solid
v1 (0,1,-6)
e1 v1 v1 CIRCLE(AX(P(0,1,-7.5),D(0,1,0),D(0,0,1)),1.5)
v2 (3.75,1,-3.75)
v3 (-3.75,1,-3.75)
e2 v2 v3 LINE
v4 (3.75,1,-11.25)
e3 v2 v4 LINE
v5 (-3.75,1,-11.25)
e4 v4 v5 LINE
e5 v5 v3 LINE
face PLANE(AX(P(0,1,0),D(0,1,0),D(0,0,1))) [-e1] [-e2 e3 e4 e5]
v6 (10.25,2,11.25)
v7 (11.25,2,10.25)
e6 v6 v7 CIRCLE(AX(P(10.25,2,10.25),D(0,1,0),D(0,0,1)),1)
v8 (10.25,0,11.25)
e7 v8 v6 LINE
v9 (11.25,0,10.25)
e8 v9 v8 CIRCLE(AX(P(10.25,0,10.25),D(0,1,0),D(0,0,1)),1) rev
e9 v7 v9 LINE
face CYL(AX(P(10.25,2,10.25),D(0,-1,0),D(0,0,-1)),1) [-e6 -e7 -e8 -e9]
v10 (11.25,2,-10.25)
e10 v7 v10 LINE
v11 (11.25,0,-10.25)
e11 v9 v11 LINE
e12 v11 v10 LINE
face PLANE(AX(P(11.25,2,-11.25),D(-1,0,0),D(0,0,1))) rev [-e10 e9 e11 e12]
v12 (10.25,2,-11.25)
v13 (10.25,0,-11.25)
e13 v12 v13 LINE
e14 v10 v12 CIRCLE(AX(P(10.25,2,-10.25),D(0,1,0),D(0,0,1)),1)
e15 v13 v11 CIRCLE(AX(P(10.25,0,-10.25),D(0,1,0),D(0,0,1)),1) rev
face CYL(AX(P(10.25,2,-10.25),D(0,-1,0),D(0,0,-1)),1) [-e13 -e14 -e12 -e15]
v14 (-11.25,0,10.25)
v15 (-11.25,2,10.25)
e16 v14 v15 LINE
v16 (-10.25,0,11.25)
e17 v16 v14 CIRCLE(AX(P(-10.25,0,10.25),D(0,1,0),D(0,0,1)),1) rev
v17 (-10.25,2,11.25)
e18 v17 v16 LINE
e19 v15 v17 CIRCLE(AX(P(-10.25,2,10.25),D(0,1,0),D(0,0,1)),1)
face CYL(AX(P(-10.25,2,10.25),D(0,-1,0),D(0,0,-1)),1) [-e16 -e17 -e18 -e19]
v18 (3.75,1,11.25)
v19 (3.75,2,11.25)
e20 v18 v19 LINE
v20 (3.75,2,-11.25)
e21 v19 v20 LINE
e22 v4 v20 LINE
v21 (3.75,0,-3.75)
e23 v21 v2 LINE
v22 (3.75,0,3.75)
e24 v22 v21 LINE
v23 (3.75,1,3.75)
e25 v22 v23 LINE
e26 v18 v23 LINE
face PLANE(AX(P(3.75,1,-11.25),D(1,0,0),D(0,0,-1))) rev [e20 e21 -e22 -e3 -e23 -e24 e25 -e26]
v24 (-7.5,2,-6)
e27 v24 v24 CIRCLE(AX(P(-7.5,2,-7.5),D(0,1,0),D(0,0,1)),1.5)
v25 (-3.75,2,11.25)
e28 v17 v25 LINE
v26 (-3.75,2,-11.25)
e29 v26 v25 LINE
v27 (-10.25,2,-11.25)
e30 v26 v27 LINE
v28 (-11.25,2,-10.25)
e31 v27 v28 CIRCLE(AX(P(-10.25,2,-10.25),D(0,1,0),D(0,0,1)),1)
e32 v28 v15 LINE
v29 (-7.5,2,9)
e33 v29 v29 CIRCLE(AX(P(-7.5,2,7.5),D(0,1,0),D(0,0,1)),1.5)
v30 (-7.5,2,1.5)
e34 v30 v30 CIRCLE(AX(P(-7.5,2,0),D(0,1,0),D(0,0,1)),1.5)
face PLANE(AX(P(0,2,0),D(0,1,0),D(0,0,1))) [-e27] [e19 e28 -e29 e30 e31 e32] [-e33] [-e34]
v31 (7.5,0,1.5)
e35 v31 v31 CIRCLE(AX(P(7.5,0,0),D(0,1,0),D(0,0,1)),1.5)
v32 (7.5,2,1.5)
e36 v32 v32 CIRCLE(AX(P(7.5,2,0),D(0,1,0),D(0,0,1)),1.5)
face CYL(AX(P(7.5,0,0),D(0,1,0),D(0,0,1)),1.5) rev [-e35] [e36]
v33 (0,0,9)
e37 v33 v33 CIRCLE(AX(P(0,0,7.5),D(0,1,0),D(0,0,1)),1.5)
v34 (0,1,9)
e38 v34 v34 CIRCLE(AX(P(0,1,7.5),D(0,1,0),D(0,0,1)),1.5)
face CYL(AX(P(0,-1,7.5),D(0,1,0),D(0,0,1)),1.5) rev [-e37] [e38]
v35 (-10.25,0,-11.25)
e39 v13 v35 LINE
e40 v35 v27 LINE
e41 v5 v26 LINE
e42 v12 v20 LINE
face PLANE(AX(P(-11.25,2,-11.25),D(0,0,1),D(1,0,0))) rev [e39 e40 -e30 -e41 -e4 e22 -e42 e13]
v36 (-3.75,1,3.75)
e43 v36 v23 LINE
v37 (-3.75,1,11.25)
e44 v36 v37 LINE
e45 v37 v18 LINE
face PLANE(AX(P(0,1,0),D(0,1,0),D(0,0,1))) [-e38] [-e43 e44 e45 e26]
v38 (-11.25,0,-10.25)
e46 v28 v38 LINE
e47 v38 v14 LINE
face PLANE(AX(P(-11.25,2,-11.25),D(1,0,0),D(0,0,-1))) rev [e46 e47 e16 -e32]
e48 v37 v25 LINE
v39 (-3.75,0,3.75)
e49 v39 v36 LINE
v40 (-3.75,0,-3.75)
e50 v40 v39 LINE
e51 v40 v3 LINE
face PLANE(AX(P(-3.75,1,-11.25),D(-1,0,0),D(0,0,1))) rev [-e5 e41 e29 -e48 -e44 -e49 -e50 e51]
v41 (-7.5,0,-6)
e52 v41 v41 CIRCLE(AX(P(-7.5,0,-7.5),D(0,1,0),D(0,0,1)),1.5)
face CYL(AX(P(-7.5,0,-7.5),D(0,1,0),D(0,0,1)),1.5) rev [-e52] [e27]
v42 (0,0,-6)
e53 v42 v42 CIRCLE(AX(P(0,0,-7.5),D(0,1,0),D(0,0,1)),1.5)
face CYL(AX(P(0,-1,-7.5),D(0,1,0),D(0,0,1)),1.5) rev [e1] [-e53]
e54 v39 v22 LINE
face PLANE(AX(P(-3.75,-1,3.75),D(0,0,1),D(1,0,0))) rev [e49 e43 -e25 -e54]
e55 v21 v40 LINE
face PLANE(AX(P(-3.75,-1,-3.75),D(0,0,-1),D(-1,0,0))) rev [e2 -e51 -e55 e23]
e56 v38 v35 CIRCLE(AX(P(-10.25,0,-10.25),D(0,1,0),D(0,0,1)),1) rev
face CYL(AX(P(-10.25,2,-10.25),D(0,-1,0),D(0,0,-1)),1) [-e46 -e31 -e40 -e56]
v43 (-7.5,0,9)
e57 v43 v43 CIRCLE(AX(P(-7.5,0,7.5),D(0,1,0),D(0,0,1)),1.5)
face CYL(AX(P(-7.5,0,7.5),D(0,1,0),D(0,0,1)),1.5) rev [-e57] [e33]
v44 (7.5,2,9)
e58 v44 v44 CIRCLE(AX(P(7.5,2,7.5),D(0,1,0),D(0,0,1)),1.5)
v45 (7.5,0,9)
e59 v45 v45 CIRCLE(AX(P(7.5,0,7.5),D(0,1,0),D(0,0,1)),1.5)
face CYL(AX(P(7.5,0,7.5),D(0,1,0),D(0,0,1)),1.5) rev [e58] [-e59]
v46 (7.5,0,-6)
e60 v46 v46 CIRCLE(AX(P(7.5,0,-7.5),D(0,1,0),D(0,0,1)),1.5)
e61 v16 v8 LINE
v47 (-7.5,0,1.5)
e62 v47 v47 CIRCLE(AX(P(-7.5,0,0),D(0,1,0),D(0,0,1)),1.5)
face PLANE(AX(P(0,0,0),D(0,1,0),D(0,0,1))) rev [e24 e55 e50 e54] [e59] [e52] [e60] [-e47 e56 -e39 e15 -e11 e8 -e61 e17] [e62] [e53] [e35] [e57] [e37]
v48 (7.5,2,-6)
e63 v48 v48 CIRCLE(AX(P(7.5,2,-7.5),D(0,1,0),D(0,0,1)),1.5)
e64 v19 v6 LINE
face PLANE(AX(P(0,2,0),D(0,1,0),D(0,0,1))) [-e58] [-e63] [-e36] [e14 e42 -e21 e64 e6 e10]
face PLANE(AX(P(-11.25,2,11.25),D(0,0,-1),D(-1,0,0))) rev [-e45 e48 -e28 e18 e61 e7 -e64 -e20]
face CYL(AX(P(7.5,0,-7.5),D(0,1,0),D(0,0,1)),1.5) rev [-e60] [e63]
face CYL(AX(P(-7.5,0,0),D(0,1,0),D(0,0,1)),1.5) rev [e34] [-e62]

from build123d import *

# Parameters (mm, degrees)
SKETCH1_W           = 22.5
SKETCH1_H           = 22.5
BOSS_EXTRUDE1_DEPTH = 2
SKETCH2_W           = 7.5
SKETCH2_H           = 22.5
CUT_EXTRUDE1_DEPTH  = 1
SKETCH4_R           = 1.5
CUT_EXTRUDE2_DEPTH  = 2
SKETCH5_W           = 7.5
SKETCH5_H           = 7.5
CUT_EXTRUDE3_DEPTH  = 2
SKETCH6_R           = 1.5
CUT_EXTRUDE4_DEPTH  = 2
SKETCH7_R           = 1.5
CUT_EXTRUDE5_DEPTH  = 2
FILLET1_R           = 1


with BuildPart() as part:
    # Sketch1 → Boss-Extrude1 (new body)
    with BuildSketch(Plane(origin=(0, 0, 0), x_dir=(1, 0, 0), z_dir=(0, 1, 0))):
        Rectangle(SKETCH1_W, SKETCH1_H)
    extrude(amount=BOSS_EXTRUDE1_DEPTH)

    # Sketch2 → Cut-Extrude1 (cut)
    with BuildSketch(Plane(origin=(0, 2, 0), x_dir=(1, 0, 0), z_dir=(0, 1, 0))):
        Rectangle(SKETCH2_W, SKETCH2_H)
    extrude(amount=-CUT_EXTRUDE1_DEPTH, mode=Mode.SUBTRACT)

    # Sketch4 → Cut-Extrude2 (cut)
    with BuildSketch(Plane(origin=(0, 1, 0), x_dir=(1, 0, 0), z_dir=(0, 1, 0))):
        with Locations(Location((0, 7.5, 0), (0, 0, 270))):
            Circle(SKETCH4_R)
        with Locations(Location((0, -7.5, 0), (0, 0, 270))):
            Circle(SKETCH4_R)
    extrude(amount=-CUT_EXTRUDE2_DEPTH, mode=Mode.SUBTRACT)

    # Sketch5 → Cut-Extrude3 (cut)
    with BuildSketch(Plane(origin=(0, 1, 0), x_dir=(1, 0, 0), z_dir=(0, 1, 0))):
        Rectangle(SKETCH5_W, SKETCH5_H)
    extrude(amount=-CUT_EXTRUDE3_DEPTH, mode=Mode.SUBTRACT)

    # Sketch6 → Cut-Extrude4 (cut)
    with BuildSketch(Plane(origin=(0, 2, 0), x_dir=(1, 0, 0), z_dir=(0, 1, 0))):
        with Locations(Location((-7.5, 7.5, 0), (0, 0, 270))):
            Circle(SKETCH6_R)
        with Locations(Location((-7.5, -7.5, 0), (0, 0, 270))):
            Circle(SKETCH6_R)
        with Locations(Location((-7.5, 0, 0), (0, 0, 270))):
            Circle(SKETCH6_R)
    extrude(amount=-CUT_EXTRUDE4_DEPTH, mode=Mode.SUBTRACT)

    # Sketch7 → Cut-Extrude5 (cut)
    with BuildSketch(Plane(origin=(0, 2, 0), x_dir=(1, 0, 0), z_dir=(0, 1, 0))):
        with Locations(Location((7.5, 0, 0), (0, 0, 270))):
            Circle(SKETCH7_R)
        with Locations(Location((7.5, 7.5, 0), (0, 0, 270))):
            Circle(SKETCH7_R)
        with Locations(Location((7.5, -7.5, 0), (0, 0, 270))):
            Circle(SKETCH7_R)
    extrude(amount=-CUT_EXTRUDE5_DEPTH, mode=Mode.SUBTRACT)

    # Fillet1
    fillet1_edges = [part.edges().sort_by_distance(p)[0] for p in [
        (11.25, 1, 11.25),
        (-11.25, 1, 11.25),
        (-11.25, 1, -11.25),
        (11.25, 1, -11.25),
    ]]
    fillet(fillet1_edges, radius=FILLET1_R)


solid = part.part
